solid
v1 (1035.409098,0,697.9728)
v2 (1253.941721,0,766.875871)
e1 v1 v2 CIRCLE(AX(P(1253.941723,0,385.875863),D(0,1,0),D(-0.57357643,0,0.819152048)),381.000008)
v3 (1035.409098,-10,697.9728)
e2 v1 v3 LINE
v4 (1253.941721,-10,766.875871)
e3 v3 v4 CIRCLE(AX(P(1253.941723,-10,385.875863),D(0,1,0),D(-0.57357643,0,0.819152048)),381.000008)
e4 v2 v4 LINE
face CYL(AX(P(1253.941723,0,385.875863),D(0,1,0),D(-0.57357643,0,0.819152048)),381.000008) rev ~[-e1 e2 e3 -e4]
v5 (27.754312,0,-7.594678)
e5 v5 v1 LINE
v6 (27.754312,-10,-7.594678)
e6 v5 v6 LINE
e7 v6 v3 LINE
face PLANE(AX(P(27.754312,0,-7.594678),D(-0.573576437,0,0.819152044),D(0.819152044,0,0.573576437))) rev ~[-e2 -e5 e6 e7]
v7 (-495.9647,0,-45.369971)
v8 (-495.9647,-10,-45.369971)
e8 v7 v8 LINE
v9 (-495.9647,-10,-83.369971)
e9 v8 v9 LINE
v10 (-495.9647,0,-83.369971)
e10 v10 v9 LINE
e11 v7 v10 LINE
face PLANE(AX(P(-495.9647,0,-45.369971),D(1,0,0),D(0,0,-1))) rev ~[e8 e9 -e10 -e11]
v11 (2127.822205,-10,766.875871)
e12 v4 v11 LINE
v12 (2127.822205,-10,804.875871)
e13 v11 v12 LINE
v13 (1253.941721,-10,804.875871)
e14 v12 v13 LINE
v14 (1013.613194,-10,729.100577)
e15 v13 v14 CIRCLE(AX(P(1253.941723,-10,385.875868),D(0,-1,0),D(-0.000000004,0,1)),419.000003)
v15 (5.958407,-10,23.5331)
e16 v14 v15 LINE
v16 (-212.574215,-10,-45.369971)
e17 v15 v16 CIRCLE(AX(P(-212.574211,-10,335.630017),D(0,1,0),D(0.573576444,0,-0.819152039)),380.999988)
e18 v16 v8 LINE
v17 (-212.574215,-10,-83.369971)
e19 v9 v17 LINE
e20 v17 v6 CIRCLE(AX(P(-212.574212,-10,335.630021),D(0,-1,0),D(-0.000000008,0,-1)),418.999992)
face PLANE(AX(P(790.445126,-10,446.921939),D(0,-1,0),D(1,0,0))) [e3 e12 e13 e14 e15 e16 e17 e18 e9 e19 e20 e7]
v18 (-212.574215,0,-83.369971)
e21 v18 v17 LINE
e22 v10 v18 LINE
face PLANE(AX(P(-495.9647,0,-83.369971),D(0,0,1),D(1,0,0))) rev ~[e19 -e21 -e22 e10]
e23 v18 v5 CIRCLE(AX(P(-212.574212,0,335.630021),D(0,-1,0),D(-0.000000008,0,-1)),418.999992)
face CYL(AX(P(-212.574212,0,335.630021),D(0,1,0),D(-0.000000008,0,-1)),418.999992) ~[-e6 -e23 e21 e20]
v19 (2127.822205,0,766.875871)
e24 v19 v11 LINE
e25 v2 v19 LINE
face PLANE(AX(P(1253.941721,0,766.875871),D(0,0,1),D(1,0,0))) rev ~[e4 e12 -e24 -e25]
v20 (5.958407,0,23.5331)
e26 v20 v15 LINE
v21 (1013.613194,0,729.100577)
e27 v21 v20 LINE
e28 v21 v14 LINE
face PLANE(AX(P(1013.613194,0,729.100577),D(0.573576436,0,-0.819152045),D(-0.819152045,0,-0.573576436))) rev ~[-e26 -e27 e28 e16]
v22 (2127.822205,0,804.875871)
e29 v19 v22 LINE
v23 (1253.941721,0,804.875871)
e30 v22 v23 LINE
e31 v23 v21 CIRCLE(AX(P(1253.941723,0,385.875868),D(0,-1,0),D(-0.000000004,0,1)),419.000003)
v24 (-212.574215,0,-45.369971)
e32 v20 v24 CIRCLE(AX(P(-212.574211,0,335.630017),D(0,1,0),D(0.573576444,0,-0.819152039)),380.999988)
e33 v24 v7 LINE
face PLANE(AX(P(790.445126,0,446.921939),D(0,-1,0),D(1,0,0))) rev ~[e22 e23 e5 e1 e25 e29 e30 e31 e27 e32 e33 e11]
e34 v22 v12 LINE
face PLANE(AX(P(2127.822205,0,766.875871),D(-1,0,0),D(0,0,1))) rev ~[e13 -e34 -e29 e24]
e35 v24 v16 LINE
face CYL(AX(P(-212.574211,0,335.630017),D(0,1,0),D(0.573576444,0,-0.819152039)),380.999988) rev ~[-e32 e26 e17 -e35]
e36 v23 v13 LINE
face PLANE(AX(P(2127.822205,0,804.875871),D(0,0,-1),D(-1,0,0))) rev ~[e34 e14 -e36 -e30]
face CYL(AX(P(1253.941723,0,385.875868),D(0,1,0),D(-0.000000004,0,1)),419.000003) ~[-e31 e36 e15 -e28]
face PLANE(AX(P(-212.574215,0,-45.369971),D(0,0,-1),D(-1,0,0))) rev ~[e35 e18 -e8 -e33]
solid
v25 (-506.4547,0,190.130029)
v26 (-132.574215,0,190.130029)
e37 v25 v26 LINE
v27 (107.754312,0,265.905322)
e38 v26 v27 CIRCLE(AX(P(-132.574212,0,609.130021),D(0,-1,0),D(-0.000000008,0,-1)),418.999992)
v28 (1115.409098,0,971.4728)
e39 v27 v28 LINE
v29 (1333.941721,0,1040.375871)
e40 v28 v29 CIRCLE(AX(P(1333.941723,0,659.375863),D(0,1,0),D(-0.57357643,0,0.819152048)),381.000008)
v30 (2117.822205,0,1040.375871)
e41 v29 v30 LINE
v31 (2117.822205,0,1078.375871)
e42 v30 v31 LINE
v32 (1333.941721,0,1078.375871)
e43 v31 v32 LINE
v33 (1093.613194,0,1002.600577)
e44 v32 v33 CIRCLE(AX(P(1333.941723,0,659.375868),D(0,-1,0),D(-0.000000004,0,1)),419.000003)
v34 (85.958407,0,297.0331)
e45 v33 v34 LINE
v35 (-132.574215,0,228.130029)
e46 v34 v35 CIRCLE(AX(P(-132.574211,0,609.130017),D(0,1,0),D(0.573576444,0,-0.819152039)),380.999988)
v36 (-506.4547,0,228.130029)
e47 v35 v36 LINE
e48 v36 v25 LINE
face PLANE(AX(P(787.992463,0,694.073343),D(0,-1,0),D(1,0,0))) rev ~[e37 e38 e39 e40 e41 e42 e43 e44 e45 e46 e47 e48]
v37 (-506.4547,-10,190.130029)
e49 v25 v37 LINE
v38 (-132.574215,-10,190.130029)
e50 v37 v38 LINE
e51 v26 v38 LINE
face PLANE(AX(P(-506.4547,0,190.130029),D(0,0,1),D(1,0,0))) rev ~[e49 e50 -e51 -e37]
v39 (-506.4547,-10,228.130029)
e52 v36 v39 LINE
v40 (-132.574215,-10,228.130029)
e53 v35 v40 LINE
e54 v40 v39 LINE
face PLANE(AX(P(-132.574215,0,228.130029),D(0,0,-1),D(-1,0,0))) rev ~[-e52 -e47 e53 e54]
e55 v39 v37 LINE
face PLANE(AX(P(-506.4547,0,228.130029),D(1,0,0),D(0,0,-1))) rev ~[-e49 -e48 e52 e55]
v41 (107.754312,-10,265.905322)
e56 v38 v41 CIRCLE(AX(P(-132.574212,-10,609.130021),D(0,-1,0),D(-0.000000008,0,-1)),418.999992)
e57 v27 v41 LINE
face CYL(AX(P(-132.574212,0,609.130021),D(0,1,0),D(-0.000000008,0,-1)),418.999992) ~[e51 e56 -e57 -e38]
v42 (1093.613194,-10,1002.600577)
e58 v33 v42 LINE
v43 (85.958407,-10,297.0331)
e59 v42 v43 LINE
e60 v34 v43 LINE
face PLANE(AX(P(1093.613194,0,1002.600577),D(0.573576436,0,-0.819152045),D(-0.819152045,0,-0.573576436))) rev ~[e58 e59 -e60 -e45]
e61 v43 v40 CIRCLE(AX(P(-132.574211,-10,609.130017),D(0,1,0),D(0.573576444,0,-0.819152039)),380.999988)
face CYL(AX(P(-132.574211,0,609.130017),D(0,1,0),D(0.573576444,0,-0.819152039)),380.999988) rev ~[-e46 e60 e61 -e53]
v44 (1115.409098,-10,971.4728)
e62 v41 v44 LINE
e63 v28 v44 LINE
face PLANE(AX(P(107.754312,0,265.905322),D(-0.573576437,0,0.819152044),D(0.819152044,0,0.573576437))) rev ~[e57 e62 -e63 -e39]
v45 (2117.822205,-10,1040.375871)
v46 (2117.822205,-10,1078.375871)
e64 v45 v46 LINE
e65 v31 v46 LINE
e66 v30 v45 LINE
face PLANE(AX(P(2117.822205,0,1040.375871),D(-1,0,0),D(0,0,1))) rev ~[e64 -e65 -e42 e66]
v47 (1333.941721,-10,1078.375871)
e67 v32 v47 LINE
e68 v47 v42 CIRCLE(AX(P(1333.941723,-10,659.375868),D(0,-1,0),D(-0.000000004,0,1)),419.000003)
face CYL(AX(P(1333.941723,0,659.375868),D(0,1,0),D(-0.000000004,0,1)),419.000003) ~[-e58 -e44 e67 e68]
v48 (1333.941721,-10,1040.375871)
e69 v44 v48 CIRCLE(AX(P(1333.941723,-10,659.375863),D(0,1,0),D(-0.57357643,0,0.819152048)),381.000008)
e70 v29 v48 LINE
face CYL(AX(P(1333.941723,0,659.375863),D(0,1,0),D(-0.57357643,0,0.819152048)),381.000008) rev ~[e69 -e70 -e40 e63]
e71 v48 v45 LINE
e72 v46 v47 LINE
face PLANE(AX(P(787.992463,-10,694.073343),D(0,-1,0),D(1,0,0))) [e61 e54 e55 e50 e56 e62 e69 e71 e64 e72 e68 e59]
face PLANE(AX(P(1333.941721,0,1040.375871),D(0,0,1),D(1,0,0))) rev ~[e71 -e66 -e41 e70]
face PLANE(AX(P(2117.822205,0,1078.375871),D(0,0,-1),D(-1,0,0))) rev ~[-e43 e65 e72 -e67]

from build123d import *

# Parameters (mm, degrees)
F1_DEPTH = 10


with BuildPart() as f1:
    # F0 (on Front) → F1 (new body)
    with BuildSketch(Plane.XZ):
        with BuildLine():
            Line((1253.941721, 766.875871), (2127.822205, 766.875871))
            Line((2127.822205, 766.875871), (2127.822205, 804.875871))
            Line((2127.822205, 804.875871), (1253.941721, 804.875871))
            ThreePointArc((1253.941721, 804.875871), (1127.945991, 785.483273), (1013.613194, 729.100577))
            Line((1013.613194, 729.100577), (5.958407, 23.5331))
            ThreePointArc((5.958407, 23.5331), (-98.005306, -27.73613), (-212.574215, -45.369971))
            Line((-212.574215, -45.369971), (-495.9647, -45.369971))
            Line((-495.9647, -45.369971), (-495.9647, -83.369971))
            Line((-495.9647, -83.369971), (-212.574215, -83.369971))
            ThreePointArc((-212.574215, -83.369971), (-86.578485, -63.977374), (27.754312, -7.594678))
            Line((27.754312, -7.594678), (1035.409098, 697.9728))
            ThreePointArc((1035.409098, 697.9728), (1139.372811, 749.242029), (1253.941721, 766.875871))
        make_face()
        with BuildLine():
            Line((1333.941721, 1040.375871), (2117.822205, 1040.375871))
            Line((2117.822205, 1040.375871), (2117.822205, 1078.375871))
            Line((2117.822205, 1078.375871), (1333.941721, 1078.375871))
            ThreePointArc((1333.941721, 1078.375871), (1207.945991, 1058.983273), (1093.613194, 1002.600577))
            Line((1093.613194, 1002.600577), (85.958407, 297.0331))
            ThreePointArc((85.958407, 297.0331), (-18.005306, 245.76387), (-132.574215, 228.130029))
            Line((-132.574215, 228.130029), (-506.4547, 228.130029))
            Line((-506.4547, 228.130029), (-506.4547, 190.130029))
            Line((-506.4547, 190.130029), (-132.574215, 190.130029))
            ThreePointArc((-132.574215, 190.130029), (-6.578485, 209.522626), (107.754312, 265.905322))
            Line((107.754312, 265.905322), (1115.409098, 971.4728))
            ThreePointArc((1115.409098, 971.4728), (1219.372811, 1022.742029), (1333.941721, 1040.375871))
        make_face()
    extrude(amount=F1_DEPTH)


solid = f1.part
